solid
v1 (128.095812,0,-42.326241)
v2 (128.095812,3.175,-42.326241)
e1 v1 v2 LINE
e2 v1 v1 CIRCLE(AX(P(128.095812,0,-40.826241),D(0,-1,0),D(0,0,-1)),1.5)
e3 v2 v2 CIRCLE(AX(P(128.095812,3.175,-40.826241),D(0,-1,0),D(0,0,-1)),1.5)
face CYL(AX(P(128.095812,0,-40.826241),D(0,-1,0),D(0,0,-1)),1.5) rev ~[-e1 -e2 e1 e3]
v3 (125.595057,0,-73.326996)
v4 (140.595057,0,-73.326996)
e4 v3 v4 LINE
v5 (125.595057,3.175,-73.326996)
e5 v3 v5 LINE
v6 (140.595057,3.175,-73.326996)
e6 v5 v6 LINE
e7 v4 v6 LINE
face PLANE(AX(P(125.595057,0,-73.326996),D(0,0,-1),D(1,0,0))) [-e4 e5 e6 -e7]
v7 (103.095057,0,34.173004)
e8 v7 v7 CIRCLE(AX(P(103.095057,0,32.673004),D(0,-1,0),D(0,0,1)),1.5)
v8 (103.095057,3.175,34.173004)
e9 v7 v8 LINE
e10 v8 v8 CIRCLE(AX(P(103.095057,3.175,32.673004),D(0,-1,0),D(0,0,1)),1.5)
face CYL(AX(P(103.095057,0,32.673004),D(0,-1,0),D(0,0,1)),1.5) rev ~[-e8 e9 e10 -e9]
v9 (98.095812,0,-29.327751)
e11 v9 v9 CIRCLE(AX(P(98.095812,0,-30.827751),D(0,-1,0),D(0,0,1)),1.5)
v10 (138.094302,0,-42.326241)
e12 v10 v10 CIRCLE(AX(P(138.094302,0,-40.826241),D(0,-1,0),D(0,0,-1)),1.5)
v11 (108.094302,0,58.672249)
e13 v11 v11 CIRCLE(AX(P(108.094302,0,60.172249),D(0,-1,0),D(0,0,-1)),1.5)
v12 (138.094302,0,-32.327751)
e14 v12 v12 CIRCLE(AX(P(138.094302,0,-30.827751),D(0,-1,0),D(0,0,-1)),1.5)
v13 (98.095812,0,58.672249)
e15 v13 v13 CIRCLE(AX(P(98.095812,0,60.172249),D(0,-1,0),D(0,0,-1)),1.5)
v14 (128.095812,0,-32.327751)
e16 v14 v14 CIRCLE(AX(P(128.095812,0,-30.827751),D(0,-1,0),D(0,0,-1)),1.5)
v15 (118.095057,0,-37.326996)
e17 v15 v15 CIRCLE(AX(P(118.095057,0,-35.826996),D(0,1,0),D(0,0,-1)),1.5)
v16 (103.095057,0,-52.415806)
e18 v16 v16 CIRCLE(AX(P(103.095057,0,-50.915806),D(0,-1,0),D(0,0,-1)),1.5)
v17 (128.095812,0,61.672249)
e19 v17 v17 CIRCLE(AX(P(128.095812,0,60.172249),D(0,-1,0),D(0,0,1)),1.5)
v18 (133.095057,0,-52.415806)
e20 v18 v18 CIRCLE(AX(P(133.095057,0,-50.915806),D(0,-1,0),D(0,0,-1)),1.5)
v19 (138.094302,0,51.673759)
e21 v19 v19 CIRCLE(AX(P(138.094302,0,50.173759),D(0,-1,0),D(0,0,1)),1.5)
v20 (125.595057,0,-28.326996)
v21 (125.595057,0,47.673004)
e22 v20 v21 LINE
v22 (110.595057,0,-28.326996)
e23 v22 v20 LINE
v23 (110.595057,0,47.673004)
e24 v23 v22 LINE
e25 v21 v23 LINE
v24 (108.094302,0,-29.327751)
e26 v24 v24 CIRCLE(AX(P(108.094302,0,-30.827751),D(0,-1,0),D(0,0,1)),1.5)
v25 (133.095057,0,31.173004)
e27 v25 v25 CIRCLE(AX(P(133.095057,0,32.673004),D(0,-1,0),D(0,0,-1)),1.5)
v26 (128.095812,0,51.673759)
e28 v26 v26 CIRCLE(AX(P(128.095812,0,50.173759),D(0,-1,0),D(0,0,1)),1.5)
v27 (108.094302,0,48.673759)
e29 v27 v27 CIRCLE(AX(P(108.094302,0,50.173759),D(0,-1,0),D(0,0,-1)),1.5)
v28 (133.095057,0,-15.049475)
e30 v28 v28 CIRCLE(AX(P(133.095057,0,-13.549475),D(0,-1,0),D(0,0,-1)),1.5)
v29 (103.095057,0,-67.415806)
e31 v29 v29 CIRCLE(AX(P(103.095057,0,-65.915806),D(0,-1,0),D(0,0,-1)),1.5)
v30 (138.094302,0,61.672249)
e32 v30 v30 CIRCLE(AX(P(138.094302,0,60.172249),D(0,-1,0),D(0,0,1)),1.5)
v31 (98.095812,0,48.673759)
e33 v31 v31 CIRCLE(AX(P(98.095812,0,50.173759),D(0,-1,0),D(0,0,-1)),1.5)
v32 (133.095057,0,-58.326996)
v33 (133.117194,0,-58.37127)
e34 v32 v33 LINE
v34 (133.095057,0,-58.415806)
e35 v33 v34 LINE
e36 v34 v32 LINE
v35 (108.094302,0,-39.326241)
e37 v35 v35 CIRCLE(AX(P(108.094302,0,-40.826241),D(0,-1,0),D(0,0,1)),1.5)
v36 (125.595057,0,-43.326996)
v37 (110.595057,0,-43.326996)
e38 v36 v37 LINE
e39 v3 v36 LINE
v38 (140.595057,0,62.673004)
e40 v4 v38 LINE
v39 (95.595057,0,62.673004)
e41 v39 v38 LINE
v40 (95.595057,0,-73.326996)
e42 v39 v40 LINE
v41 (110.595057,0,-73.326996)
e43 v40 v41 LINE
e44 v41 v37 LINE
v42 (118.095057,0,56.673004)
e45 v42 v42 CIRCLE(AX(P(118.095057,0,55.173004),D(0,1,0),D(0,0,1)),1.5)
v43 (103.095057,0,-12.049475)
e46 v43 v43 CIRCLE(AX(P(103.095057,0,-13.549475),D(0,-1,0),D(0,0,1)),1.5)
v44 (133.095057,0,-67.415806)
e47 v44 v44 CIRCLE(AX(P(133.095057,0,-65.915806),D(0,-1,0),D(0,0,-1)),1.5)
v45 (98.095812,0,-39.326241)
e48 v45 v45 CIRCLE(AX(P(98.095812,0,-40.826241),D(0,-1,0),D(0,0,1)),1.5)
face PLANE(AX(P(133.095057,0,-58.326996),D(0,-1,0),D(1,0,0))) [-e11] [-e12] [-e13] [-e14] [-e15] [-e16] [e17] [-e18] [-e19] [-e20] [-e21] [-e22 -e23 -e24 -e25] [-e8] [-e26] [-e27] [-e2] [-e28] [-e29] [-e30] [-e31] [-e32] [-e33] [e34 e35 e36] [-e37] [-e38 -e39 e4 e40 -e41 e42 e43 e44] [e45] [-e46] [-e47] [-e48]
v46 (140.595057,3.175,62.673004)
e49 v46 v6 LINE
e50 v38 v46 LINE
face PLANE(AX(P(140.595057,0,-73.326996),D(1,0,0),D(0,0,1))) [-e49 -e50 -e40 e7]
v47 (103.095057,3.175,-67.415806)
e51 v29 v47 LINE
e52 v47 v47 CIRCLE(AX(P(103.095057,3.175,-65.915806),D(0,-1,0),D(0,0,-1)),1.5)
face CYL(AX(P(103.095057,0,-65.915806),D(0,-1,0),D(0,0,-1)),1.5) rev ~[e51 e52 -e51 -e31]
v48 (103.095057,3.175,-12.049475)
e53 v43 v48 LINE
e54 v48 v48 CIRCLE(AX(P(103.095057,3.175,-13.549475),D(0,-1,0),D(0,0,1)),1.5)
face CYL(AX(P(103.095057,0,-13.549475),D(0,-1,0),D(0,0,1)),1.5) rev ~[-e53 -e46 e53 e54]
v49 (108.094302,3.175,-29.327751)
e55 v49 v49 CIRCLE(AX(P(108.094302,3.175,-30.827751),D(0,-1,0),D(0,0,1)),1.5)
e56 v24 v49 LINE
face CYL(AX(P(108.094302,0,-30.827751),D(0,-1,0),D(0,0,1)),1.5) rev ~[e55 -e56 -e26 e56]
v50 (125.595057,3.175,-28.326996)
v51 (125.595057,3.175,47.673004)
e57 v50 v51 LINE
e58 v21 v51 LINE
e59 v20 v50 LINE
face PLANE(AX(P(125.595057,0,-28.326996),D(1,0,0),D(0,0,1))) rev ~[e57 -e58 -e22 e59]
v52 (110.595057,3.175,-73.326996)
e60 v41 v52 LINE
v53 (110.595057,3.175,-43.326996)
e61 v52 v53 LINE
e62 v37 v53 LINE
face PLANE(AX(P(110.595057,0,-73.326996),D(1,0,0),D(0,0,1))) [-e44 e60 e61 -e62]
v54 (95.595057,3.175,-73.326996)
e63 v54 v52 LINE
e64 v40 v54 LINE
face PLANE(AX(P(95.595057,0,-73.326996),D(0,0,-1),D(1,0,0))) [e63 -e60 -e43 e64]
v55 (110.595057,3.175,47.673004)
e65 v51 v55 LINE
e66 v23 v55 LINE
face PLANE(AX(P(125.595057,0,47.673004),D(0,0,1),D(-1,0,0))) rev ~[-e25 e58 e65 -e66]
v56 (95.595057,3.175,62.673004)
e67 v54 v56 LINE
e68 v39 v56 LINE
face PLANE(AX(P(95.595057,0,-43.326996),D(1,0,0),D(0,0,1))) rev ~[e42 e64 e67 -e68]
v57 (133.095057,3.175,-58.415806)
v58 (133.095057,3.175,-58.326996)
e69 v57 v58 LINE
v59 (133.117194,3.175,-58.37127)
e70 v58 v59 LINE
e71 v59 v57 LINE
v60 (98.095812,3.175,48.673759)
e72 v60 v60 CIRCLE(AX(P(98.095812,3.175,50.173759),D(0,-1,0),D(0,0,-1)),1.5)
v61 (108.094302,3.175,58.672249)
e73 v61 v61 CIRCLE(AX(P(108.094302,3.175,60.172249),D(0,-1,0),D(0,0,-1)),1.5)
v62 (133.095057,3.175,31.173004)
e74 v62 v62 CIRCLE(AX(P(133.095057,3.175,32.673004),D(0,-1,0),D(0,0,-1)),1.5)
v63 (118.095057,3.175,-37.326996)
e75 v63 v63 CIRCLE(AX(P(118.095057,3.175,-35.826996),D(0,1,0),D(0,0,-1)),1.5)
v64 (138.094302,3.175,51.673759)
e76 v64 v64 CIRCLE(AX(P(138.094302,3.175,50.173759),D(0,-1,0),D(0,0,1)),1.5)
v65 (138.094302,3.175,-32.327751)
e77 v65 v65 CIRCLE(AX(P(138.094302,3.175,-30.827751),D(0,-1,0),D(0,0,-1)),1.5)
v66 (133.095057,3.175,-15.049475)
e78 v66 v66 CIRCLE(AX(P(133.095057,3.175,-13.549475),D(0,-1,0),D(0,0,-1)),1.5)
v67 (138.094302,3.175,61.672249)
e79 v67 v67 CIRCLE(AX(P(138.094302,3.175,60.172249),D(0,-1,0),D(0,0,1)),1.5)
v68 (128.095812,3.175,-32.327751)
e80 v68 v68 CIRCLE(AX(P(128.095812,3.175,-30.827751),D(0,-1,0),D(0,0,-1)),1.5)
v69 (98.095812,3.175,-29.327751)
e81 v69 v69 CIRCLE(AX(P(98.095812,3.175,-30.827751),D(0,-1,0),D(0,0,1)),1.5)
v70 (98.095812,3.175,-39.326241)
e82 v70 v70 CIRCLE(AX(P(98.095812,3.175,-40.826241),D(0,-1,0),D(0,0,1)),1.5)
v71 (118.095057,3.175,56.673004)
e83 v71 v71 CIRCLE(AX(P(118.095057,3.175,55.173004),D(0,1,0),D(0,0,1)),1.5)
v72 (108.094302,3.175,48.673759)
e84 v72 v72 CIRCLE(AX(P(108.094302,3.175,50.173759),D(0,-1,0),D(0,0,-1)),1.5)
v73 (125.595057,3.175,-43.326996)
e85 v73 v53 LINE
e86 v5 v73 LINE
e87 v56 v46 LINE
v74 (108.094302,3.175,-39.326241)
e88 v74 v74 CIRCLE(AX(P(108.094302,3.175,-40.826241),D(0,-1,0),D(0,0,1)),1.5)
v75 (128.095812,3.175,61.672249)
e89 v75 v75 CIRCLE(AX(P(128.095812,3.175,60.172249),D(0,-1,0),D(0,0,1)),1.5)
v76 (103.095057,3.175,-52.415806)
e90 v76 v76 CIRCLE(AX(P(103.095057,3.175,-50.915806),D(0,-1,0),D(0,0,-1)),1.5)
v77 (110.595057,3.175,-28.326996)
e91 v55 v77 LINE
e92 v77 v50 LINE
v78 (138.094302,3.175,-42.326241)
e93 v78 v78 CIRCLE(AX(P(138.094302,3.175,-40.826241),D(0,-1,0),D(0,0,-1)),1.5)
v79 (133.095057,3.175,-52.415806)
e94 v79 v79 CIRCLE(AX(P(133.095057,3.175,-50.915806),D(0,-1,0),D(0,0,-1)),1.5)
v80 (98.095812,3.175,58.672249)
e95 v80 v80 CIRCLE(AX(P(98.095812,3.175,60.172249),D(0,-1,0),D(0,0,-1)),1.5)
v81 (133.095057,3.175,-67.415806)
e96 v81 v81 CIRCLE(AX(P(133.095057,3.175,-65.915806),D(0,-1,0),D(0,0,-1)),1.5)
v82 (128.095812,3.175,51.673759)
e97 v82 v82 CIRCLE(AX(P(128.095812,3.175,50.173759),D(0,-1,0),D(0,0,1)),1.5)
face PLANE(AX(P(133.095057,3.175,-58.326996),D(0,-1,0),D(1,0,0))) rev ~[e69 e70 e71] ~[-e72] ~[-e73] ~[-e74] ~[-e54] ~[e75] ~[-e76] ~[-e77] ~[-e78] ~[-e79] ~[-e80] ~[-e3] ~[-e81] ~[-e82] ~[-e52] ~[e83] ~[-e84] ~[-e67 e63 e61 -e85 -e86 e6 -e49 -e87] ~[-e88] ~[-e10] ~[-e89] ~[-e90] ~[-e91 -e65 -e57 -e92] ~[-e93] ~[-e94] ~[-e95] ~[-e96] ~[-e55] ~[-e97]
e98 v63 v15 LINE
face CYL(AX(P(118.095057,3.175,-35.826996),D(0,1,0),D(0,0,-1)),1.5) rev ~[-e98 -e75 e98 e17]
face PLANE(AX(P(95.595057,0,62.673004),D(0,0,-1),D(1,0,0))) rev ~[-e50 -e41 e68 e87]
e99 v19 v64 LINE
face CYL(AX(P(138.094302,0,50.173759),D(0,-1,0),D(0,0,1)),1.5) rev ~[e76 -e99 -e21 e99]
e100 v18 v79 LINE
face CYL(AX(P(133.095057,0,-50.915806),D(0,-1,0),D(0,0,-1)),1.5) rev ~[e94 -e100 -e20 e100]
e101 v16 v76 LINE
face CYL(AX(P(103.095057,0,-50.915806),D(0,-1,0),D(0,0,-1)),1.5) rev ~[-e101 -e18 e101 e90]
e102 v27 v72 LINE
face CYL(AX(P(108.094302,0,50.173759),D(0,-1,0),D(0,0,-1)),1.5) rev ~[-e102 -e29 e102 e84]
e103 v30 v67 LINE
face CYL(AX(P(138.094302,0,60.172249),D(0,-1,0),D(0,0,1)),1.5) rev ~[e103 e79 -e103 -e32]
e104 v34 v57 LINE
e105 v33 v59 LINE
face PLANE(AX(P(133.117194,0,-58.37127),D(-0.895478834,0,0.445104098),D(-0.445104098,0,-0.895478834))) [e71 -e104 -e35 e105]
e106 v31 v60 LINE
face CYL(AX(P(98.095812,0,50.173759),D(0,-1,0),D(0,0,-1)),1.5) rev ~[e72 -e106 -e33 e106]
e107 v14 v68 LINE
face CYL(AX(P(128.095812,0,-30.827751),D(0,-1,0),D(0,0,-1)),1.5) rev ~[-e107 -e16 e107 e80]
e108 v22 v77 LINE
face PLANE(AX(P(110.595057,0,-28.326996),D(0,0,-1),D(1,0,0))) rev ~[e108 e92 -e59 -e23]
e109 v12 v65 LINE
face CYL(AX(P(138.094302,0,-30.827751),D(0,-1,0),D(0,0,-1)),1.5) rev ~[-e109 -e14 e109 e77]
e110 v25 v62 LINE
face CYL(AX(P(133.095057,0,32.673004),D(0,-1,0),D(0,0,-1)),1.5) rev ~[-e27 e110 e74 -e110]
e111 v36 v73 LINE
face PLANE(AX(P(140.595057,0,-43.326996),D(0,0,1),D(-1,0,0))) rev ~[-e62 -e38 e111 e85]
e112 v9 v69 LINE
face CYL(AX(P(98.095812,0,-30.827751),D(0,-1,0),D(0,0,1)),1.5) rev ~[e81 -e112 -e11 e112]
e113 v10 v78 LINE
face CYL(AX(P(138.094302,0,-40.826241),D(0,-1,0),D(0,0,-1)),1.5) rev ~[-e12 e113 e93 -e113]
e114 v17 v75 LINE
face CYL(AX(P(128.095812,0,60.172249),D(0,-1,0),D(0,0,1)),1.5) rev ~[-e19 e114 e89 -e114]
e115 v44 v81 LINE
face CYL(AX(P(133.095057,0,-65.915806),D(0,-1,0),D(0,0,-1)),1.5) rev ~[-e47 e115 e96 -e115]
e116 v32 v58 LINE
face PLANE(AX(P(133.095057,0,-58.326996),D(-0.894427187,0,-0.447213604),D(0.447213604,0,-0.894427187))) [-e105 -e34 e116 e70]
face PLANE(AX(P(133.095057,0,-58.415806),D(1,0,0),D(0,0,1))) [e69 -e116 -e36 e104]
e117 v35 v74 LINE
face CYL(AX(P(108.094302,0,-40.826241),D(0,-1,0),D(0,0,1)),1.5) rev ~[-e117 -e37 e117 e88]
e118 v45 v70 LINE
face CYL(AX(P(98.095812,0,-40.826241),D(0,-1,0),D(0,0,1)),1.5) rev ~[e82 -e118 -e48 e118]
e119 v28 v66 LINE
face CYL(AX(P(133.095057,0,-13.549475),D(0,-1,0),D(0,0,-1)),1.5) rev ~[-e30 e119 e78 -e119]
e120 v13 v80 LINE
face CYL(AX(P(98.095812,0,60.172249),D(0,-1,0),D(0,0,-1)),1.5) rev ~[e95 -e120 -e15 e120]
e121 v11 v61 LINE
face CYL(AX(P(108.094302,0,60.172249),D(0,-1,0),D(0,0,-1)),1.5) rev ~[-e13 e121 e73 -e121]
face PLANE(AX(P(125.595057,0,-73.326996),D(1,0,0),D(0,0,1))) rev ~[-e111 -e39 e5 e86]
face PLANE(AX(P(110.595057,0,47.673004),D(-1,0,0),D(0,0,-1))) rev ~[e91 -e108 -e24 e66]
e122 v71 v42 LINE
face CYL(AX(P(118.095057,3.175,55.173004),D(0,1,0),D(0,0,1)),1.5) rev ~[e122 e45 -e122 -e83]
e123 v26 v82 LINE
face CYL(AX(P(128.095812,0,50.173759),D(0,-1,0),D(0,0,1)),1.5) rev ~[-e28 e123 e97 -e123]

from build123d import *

# Parameters (mm, degrees)
BOSS_EXTRUDE1_DEPTH = 3.175
SKETCH2_R           = 1.5
CUT_EXTRUDE1_DEPTH  = 154.964138984
SKETCH4_R           = 1.5
CUT_EXTRUDE2_DEPTH  = 154.964138984
SKETCH5_W           = 15
SKETCH5_H           = 30
SKETCH5_R           = 1.5
BOSS_EXTRUDE2_DEPTH = 3.175
SKETCH6_R           = 1.5
CUT_EXTRUDE3_DEPTH  = 159.599807878


with BuildPart() as part:
    # Sketch1 → Boss-Extrude1 (new body)
    with BuildSketch(Plane(origin=(0, 0, 0), x_dir=(1, 0, 0), z_dir=(0, 1, 0))):
        Polygon((110.595057034, -9.673003802), (95.595057034, -9.673003802), (95.595057034, -62.673003802), (118.095057034, -62.673003802), (118.095057034, -47.673003802), (110.595057034, -47.673003802), align=None)
        Polygon((95.595057034, 43.326996198), (95.595057034, -9.673003802), (110.595057034, -9.673003802), (110.595057034, 28.326996198), (118.095057034, 28.326996198), (118.095057034, 43.326996198), align=None)
        Polygon((140.595057034, 43.326996198), (118.095057034, 43.326996198), (118.095057034, 28.326996198), (125.595057034, 28.326996198), (125.595057034, -9.673003802), (140.595057034, -9.673003802), align=None)
        Polygon((118.095057034, -47.673003802), (118.095057034, -62.673003802), (140.595057034, -62.673003802), (140.595057034, -9.673003802), (125.595057034, -9.673003802), (125.595057034, -47.673003802), align=None)
    extrude(amount=BOSS_EXTRUDE1_DEPTH)

    # Sketch2 → Cut-Extrude1 (cut, through all)
    with BuildSketch(Plane.XZ):
        with Locations(Location((128.095812091, -40.826241141, 0), (0, 0, 270))):
            Circle(SKETCH2_R)
        with Locations(Location((138.094301977, -40.826241141, 0), (0, 0, 270))):
            Circle(SKETCH2_R)
        with Locations(Location((138.094301977, -30.827751255, 0), (0, 0, 270))):
            Circle(SKETCH2_R)
        with Locations(Location((128.095812091, -30.827751255, 0), (0, 0, 270))):
            Circle(SKETCH2_R)
        with Locations(Location((138.094301977, 60.172248745, 0), (0, 0, 90))):
            Circle(SKETCH2_R)
        with Locations(Location((138.094301977, 50.173758859, 0), (0, 0, 90))):
            Circle(SKETCH2_R)
        with Locations(Location((128.095812091, 50.173758859, 0), (0, 0, 90))):
            Circle(SKETCH2_R)
        with Locations(Location((128.095812091, 60.172248745, 0), (0, 0, 90))):
            Circle(SKETCH2_R)
        with Locations(Location((98.095812091, -40.826241141, 0), (0, 0, 90))):
            Circle(SKETCH2_R)
        with Locations(Location((98.095812091, -30.827751255, 0), (0, 0, 90))):
            Circle(SKETCH2_R)
        with Locations(Location((108.094301977, -30.827751255, 0), (0, 0, 90))):
            Circle(SKETCH2_R)
        with Locations(Location((108.094301977, -40.826241141, 0), (0, 0, 90))):
            Circle(SKETCH2_R)
        with Locations(Location((98.095812091, 50.173758859, 0), (0, 0, 270))):
            Circle(SKETCH2_R)
        with Locations(Location((98.095812091, 60.172248745, 0), (0, 0, 270))):
            Circle(SKETCH2_R)
        with Locations(Location((108.094301977, 60.172248745, 0), (0, 0, 270))):
            Circle(SKETCH2_R)
        with Locations(Location((108.094301977, 50.173758859, 0), (0, 0, 270))):
            Circle(SKETCH2_R)
    extrude(amount=-CUT_EXTRUDE1_DEPTH, mode=Mode.SUBTRACT)

    # Sketch4 → Cut-Extrude2 (cut, through all)
    with BuildSketch(Plane.XZ):
        with Locations(Location((133.095057034, 32.673003802, 0), (0, 0, 270))):
            Circle(SKETCH4_R)
        with Locations(Location((133.095057034, -13.549475249, 0), (0, 0, 270))):
            Circle(SKETCH4_R)
        with Locations(Location((103.095057034, -13.549475249, 0), (0, 0, 90))):
            Circle(SKETCH4_R)
        with Locations(Location((103.095057034, 32.673003802, 0), (0, 0, 90))):
            Circle(SKETCH4_R)
    extrude(amount=-CUT_EXTRUDE2_DEPTH, mode=Mode.SUBTRACT)

    # Sketch5 → Boss-Extrude2 (add)
    # profile 1 of 2: a face of its own
    with BuildSketch(Plane.XZ):
        with Locations((133.095057034, -58.326996198)):
            Rectangle(SKETCH5_W, SKETCH5_H)
        Polygon((133.095057034, -58.326996198), (133.117194018, -58.371270165), (133.095057034, -58.415806265), align=None, mode=Mode.SUBTRACT)
        with Locations(Location((133.095057034, -50.915806265, 0), (0, 0, 270))):
            Circle(SKETCH5_R, mode=Mode.SUBTRACT)
        with Locations(Location((133.095057034, -65.915806265, 0), (0, 0, 270))):
            Circle(SKETCH5_R, mode=Mode.SUBTRACT)
    # profile 2 of 2: a face of its own
    with BuildSketch(Plane.XZ):
        with Locations((103.095057034, -58.326996198)):
            Rectangle(SKETCH5_W, SKETCH5_H)
        with Locations(Location((103.095057034, -65.915806265, 0), (0, 0, 270))):
            Circle(SKETCH5_R, mode=Mode.SUBTRACT)
        with Locations(Location((103.095057034, -50.915806265, 0), (0, 0, 270))):
            Circle(SKETCH5_R, mode=Mode.SUBTRACT)
    extrude(amount=-BOSS_EXTRUDE2_DEPTH)

    # Sketch6 → Cut-Extrude3 (cut, through all)
    with BuildSketch(Plane(origin=(0, 3.175, 0), x_dir=(1, 0, 0), z_dir=(0, 1, 0))):
        with Locations(Location((118.095057034, -55.173003802, 0), (0, 0, 270))):
            Circle(SKETCH6_R)
        with Locations(Location((118.095057034, 35.826996198, 0), (0, 0, 90))):
            Circle(SKETCH6_R)
    extrude(amount=-CUT_EXTRUDE3_DEPTH, mode=Mode.SUBTRACT)


solid = part.part
